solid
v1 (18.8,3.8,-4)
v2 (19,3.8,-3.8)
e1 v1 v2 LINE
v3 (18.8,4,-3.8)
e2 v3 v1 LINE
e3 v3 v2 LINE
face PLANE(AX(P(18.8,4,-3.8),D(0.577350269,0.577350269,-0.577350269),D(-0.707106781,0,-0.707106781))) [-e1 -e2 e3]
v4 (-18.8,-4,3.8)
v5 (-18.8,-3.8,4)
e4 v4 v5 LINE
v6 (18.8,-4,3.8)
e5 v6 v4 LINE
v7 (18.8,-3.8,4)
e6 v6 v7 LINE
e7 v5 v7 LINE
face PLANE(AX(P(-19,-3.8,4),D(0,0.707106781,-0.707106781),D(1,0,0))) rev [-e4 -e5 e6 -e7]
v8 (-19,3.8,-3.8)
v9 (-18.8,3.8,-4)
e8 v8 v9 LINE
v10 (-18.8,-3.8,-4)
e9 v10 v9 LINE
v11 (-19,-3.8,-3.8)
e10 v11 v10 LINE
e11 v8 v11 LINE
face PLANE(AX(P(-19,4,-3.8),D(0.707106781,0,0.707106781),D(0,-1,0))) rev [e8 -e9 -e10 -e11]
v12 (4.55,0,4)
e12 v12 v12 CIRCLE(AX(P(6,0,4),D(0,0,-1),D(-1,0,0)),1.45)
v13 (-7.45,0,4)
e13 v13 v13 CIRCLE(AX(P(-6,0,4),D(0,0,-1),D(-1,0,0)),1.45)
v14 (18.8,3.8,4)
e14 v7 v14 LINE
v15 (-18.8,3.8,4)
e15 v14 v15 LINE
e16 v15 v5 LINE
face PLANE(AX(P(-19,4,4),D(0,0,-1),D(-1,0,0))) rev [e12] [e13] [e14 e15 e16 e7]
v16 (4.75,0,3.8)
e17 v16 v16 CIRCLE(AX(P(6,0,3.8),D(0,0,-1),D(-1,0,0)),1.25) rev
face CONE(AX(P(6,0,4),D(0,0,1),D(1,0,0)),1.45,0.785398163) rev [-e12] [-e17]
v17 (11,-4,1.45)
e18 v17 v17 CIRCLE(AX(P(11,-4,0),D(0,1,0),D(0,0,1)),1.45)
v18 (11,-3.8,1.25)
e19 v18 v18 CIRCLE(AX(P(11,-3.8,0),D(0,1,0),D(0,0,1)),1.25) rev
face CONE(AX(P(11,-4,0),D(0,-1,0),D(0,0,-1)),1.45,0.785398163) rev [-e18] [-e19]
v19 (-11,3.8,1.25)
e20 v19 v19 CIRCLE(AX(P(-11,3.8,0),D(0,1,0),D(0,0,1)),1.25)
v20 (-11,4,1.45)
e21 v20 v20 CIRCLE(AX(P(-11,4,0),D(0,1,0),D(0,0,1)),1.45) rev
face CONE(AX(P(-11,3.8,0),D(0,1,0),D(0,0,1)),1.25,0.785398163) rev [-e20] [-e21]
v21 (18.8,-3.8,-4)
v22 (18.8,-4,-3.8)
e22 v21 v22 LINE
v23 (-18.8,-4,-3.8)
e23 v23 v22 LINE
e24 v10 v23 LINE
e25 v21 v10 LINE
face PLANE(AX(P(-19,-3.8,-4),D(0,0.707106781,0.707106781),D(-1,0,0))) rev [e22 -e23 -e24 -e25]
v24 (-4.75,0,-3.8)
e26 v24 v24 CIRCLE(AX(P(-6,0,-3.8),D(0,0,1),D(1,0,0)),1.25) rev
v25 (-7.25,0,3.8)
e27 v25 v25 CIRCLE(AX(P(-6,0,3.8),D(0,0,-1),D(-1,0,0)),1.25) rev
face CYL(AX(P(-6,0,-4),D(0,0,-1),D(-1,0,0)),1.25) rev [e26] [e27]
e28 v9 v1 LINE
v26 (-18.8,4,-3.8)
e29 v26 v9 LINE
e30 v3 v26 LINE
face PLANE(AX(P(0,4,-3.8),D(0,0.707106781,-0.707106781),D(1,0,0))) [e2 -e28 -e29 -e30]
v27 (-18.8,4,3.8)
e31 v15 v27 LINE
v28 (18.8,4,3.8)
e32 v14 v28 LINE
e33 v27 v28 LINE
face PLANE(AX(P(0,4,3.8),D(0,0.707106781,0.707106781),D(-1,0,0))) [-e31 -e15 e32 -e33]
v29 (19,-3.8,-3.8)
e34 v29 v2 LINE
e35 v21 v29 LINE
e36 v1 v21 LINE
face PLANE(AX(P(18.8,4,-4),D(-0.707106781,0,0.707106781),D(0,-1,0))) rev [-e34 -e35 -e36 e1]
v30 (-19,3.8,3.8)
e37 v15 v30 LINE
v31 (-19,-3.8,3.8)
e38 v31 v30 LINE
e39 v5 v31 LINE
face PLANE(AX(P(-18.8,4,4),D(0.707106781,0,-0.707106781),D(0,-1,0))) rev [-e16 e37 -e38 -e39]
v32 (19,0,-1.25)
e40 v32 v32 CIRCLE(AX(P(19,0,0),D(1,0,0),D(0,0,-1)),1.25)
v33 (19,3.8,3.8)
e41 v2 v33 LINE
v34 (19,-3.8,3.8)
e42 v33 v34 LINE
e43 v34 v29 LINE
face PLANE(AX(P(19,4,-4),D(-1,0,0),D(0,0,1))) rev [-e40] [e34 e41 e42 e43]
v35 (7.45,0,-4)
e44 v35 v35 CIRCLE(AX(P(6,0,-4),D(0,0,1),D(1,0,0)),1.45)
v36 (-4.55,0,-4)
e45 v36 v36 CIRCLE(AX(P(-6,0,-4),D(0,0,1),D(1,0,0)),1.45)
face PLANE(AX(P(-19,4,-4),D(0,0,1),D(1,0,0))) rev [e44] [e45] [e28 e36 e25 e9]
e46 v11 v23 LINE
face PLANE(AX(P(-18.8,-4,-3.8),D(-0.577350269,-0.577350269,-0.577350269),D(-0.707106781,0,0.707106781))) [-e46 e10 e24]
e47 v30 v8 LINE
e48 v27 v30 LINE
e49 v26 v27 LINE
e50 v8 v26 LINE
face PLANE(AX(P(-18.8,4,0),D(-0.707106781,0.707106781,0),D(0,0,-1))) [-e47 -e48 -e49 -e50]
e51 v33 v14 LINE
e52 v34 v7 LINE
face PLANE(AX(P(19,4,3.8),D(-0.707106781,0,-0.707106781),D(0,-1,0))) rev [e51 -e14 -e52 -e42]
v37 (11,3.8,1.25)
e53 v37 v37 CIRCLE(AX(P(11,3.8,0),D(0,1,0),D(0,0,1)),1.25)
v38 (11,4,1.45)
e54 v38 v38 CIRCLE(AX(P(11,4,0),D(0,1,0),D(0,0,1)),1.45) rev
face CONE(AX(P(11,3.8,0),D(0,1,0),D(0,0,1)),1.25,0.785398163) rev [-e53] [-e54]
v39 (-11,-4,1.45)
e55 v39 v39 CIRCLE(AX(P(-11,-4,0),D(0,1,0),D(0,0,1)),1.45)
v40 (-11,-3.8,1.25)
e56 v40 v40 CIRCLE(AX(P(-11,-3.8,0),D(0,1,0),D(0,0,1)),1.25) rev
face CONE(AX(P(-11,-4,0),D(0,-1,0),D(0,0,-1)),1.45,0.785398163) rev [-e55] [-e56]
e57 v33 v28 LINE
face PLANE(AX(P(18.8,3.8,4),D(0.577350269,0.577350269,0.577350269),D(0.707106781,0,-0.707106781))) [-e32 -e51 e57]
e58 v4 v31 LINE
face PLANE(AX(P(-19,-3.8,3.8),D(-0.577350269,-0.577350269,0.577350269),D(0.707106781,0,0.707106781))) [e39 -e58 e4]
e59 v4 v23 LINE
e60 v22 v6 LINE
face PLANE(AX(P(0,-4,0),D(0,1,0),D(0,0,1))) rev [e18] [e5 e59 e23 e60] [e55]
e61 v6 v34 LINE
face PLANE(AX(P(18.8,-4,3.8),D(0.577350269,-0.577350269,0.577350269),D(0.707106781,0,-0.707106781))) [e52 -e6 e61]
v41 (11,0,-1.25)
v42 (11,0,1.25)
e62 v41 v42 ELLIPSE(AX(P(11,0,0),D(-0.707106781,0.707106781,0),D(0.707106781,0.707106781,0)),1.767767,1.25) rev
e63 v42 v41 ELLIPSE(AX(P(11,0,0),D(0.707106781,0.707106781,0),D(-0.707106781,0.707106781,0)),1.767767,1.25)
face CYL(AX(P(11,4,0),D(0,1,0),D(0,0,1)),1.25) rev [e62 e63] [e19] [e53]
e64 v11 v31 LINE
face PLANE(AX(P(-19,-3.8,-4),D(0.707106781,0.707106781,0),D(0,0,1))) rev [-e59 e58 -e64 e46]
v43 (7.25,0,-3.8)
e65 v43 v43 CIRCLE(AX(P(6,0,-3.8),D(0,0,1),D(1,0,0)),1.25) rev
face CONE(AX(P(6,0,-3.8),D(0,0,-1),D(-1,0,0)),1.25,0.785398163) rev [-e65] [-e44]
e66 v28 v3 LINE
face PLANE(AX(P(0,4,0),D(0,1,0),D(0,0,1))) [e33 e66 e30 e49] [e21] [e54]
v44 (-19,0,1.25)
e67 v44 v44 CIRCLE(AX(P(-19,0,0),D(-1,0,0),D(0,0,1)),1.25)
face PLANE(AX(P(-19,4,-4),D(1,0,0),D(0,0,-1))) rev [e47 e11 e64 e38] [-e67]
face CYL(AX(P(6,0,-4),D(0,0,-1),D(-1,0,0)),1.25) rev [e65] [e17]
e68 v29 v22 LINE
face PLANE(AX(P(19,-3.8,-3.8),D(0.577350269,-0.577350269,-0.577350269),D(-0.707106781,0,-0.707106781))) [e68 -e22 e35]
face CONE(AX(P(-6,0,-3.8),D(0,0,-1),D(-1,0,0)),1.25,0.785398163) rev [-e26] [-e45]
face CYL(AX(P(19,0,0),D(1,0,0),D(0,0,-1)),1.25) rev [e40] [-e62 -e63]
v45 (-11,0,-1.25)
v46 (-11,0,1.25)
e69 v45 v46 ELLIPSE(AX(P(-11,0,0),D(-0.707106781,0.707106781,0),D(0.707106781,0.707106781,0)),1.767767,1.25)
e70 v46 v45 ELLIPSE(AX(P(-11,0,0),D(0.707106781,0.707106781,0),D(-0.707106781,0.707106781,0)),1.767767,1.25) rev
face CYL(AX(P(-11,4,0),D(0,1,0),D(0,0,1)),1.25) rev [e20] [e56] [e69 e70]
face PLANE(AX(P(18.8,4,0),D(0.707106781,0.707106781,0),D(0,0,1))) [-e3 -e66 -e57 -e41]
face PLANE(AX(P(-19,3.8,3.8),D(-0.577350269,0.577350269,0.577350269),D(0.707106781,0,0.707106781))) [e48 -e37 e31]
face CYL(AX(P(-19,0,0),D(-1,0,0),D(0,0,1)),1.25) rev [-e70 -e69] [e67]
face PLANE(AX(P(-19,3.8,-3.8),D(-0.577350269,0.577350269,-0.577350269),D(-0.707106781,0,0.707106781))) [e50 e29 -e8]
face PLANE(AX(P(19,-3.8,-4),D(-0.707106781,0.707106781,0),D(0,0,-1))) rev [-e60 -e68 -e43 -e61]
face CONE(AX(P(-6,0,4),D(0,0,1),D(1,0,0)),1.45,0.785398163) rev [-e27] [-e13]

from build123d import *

# Parameters (mm, degrees)
SKETCH_1_W              = 38
SKETCH_1_H              = 8
EXTRUDE_1_DEPTH         = 4
HOLE_WIZARD_M3_1_D      = 2.5
HOLE_WIZARD_M3_2_D      = 2.5
CHAMFER_1_SIZE          = 0.2
HOLE_WIZARD_M3_3_REACH  = 40.419
HOLE_WIZARD_M3_3_BORE_R = 1.25
HOLE_WIZARD_M3_4_REACH  = 40.419
HOLE_WIZARD_M3_4_BORE_R = 1.25


with BuildPart() as part:
    # 草图1 → 凸台-拉伸1 (new, symmetric)
    with BuildSketch(Plane(origin=(0, 0, 0), x_dir=(1, 0, 0), z_dir=(0, 1, 0))):
        Rectangle(SKETCH_1_W, SKETCH_1_H)
    extrude(amount=EXTRUDE_1_DEPTH, both=True)

    # M3 螺纹孔1 (through all)
    with Locations(Plane(origin=(0, 4, 0), x_dir=(1, 0, 0), z_dir=(0, 1, 0))):
        with Locations((-11, 0), (11, 0)):
            Hole(HOLE_WIZARD_M3_1_D / 2)

    # M3 螺纹孔2 (through all)
    with Locations(Plane(origin=(0, 0, -4), x_dir=(-1, 0, 0), z_dir=(0, 0, -1))):
        with Locations((-6, 0), (6, 0)):
            Hole(HOLE_WIZARD_M3_2_D / 2)

    # 倒角1
    chamfer_1_edges = [part.edges().sort_by_distance(p)[0] for p in [
        (-19, 4, 0),
        (12.25, 4, 0),
        (12.25, -4, 0),
        (0, 4, 4),
        (-9.75, 4, 0),
        (-9.75, -4, 0),
        (-7.25, 0, -4),
        (-7.25, 0, 4),
        (4.75, 0, -4),
        (4.75, 0, 4),
        (19, 4, 0),
        (0, -4, 4),
        (-19, -4, 0),
        (0, -4, -4),
        (19, -4, 0),
        (19, 0, 4),
        (-19, 0, 4),
        (-19, 0, -4),
        (19, 0, -4),
        (0, 4, -4),
    ]]
    chamfer(chamfer_1_edges, length=CHAMFER_1_SIZE)

    # M3 螺纹孔3 bore → M3 螺纹孔3 (cut, up to next)
    with BuildSketch(Plane.ZY.offset(19), mode=Mode.PRIVATE) as hole_wizard_m3_3_sk1:
        Circle(HOLE_WIZARD_M3_3_BORE_R)
    hole_wizard_m3_3_tool1 = extrude(hole_wizard_m3_3_sk1.sketch, amount=-HOLE_WIZARD_M3_3_REACH, mode=Mode.PRIVATE) & part.part
    add(hole_wizard_m3_3_tool1.solids().sort_by_distance((-19, 0, 0))[0], mode=Mode.SUBTRACT)

    # M3 螺纹孔4 bore → M3 螺纹孔4 (cut, up to next)
    with BuildSketch(Plane(origin=(19, 0, 0), x_dir=(0, 0, -1), z_dir=(1, 0, 0)), mode=Mode.PRIVATE) as hole_wizard_m3_4_sk1:
        Circle(HOLE_WIZARD_M3_4_BORE_R)
    hole_wizard_m3_4_tool1 = extrude(hole_wizard_m3_4_sk1.sketch, amount=-HOLE_WIZARD_M3_4_REACH, mode=Mode.PRIVATE) & part.part
    add(hole_wizard_m3_4_tool1.solids().sort_by_distance((19, 0, 0))[0], mode=Mode.SUBTRACT)


solid = part.part
